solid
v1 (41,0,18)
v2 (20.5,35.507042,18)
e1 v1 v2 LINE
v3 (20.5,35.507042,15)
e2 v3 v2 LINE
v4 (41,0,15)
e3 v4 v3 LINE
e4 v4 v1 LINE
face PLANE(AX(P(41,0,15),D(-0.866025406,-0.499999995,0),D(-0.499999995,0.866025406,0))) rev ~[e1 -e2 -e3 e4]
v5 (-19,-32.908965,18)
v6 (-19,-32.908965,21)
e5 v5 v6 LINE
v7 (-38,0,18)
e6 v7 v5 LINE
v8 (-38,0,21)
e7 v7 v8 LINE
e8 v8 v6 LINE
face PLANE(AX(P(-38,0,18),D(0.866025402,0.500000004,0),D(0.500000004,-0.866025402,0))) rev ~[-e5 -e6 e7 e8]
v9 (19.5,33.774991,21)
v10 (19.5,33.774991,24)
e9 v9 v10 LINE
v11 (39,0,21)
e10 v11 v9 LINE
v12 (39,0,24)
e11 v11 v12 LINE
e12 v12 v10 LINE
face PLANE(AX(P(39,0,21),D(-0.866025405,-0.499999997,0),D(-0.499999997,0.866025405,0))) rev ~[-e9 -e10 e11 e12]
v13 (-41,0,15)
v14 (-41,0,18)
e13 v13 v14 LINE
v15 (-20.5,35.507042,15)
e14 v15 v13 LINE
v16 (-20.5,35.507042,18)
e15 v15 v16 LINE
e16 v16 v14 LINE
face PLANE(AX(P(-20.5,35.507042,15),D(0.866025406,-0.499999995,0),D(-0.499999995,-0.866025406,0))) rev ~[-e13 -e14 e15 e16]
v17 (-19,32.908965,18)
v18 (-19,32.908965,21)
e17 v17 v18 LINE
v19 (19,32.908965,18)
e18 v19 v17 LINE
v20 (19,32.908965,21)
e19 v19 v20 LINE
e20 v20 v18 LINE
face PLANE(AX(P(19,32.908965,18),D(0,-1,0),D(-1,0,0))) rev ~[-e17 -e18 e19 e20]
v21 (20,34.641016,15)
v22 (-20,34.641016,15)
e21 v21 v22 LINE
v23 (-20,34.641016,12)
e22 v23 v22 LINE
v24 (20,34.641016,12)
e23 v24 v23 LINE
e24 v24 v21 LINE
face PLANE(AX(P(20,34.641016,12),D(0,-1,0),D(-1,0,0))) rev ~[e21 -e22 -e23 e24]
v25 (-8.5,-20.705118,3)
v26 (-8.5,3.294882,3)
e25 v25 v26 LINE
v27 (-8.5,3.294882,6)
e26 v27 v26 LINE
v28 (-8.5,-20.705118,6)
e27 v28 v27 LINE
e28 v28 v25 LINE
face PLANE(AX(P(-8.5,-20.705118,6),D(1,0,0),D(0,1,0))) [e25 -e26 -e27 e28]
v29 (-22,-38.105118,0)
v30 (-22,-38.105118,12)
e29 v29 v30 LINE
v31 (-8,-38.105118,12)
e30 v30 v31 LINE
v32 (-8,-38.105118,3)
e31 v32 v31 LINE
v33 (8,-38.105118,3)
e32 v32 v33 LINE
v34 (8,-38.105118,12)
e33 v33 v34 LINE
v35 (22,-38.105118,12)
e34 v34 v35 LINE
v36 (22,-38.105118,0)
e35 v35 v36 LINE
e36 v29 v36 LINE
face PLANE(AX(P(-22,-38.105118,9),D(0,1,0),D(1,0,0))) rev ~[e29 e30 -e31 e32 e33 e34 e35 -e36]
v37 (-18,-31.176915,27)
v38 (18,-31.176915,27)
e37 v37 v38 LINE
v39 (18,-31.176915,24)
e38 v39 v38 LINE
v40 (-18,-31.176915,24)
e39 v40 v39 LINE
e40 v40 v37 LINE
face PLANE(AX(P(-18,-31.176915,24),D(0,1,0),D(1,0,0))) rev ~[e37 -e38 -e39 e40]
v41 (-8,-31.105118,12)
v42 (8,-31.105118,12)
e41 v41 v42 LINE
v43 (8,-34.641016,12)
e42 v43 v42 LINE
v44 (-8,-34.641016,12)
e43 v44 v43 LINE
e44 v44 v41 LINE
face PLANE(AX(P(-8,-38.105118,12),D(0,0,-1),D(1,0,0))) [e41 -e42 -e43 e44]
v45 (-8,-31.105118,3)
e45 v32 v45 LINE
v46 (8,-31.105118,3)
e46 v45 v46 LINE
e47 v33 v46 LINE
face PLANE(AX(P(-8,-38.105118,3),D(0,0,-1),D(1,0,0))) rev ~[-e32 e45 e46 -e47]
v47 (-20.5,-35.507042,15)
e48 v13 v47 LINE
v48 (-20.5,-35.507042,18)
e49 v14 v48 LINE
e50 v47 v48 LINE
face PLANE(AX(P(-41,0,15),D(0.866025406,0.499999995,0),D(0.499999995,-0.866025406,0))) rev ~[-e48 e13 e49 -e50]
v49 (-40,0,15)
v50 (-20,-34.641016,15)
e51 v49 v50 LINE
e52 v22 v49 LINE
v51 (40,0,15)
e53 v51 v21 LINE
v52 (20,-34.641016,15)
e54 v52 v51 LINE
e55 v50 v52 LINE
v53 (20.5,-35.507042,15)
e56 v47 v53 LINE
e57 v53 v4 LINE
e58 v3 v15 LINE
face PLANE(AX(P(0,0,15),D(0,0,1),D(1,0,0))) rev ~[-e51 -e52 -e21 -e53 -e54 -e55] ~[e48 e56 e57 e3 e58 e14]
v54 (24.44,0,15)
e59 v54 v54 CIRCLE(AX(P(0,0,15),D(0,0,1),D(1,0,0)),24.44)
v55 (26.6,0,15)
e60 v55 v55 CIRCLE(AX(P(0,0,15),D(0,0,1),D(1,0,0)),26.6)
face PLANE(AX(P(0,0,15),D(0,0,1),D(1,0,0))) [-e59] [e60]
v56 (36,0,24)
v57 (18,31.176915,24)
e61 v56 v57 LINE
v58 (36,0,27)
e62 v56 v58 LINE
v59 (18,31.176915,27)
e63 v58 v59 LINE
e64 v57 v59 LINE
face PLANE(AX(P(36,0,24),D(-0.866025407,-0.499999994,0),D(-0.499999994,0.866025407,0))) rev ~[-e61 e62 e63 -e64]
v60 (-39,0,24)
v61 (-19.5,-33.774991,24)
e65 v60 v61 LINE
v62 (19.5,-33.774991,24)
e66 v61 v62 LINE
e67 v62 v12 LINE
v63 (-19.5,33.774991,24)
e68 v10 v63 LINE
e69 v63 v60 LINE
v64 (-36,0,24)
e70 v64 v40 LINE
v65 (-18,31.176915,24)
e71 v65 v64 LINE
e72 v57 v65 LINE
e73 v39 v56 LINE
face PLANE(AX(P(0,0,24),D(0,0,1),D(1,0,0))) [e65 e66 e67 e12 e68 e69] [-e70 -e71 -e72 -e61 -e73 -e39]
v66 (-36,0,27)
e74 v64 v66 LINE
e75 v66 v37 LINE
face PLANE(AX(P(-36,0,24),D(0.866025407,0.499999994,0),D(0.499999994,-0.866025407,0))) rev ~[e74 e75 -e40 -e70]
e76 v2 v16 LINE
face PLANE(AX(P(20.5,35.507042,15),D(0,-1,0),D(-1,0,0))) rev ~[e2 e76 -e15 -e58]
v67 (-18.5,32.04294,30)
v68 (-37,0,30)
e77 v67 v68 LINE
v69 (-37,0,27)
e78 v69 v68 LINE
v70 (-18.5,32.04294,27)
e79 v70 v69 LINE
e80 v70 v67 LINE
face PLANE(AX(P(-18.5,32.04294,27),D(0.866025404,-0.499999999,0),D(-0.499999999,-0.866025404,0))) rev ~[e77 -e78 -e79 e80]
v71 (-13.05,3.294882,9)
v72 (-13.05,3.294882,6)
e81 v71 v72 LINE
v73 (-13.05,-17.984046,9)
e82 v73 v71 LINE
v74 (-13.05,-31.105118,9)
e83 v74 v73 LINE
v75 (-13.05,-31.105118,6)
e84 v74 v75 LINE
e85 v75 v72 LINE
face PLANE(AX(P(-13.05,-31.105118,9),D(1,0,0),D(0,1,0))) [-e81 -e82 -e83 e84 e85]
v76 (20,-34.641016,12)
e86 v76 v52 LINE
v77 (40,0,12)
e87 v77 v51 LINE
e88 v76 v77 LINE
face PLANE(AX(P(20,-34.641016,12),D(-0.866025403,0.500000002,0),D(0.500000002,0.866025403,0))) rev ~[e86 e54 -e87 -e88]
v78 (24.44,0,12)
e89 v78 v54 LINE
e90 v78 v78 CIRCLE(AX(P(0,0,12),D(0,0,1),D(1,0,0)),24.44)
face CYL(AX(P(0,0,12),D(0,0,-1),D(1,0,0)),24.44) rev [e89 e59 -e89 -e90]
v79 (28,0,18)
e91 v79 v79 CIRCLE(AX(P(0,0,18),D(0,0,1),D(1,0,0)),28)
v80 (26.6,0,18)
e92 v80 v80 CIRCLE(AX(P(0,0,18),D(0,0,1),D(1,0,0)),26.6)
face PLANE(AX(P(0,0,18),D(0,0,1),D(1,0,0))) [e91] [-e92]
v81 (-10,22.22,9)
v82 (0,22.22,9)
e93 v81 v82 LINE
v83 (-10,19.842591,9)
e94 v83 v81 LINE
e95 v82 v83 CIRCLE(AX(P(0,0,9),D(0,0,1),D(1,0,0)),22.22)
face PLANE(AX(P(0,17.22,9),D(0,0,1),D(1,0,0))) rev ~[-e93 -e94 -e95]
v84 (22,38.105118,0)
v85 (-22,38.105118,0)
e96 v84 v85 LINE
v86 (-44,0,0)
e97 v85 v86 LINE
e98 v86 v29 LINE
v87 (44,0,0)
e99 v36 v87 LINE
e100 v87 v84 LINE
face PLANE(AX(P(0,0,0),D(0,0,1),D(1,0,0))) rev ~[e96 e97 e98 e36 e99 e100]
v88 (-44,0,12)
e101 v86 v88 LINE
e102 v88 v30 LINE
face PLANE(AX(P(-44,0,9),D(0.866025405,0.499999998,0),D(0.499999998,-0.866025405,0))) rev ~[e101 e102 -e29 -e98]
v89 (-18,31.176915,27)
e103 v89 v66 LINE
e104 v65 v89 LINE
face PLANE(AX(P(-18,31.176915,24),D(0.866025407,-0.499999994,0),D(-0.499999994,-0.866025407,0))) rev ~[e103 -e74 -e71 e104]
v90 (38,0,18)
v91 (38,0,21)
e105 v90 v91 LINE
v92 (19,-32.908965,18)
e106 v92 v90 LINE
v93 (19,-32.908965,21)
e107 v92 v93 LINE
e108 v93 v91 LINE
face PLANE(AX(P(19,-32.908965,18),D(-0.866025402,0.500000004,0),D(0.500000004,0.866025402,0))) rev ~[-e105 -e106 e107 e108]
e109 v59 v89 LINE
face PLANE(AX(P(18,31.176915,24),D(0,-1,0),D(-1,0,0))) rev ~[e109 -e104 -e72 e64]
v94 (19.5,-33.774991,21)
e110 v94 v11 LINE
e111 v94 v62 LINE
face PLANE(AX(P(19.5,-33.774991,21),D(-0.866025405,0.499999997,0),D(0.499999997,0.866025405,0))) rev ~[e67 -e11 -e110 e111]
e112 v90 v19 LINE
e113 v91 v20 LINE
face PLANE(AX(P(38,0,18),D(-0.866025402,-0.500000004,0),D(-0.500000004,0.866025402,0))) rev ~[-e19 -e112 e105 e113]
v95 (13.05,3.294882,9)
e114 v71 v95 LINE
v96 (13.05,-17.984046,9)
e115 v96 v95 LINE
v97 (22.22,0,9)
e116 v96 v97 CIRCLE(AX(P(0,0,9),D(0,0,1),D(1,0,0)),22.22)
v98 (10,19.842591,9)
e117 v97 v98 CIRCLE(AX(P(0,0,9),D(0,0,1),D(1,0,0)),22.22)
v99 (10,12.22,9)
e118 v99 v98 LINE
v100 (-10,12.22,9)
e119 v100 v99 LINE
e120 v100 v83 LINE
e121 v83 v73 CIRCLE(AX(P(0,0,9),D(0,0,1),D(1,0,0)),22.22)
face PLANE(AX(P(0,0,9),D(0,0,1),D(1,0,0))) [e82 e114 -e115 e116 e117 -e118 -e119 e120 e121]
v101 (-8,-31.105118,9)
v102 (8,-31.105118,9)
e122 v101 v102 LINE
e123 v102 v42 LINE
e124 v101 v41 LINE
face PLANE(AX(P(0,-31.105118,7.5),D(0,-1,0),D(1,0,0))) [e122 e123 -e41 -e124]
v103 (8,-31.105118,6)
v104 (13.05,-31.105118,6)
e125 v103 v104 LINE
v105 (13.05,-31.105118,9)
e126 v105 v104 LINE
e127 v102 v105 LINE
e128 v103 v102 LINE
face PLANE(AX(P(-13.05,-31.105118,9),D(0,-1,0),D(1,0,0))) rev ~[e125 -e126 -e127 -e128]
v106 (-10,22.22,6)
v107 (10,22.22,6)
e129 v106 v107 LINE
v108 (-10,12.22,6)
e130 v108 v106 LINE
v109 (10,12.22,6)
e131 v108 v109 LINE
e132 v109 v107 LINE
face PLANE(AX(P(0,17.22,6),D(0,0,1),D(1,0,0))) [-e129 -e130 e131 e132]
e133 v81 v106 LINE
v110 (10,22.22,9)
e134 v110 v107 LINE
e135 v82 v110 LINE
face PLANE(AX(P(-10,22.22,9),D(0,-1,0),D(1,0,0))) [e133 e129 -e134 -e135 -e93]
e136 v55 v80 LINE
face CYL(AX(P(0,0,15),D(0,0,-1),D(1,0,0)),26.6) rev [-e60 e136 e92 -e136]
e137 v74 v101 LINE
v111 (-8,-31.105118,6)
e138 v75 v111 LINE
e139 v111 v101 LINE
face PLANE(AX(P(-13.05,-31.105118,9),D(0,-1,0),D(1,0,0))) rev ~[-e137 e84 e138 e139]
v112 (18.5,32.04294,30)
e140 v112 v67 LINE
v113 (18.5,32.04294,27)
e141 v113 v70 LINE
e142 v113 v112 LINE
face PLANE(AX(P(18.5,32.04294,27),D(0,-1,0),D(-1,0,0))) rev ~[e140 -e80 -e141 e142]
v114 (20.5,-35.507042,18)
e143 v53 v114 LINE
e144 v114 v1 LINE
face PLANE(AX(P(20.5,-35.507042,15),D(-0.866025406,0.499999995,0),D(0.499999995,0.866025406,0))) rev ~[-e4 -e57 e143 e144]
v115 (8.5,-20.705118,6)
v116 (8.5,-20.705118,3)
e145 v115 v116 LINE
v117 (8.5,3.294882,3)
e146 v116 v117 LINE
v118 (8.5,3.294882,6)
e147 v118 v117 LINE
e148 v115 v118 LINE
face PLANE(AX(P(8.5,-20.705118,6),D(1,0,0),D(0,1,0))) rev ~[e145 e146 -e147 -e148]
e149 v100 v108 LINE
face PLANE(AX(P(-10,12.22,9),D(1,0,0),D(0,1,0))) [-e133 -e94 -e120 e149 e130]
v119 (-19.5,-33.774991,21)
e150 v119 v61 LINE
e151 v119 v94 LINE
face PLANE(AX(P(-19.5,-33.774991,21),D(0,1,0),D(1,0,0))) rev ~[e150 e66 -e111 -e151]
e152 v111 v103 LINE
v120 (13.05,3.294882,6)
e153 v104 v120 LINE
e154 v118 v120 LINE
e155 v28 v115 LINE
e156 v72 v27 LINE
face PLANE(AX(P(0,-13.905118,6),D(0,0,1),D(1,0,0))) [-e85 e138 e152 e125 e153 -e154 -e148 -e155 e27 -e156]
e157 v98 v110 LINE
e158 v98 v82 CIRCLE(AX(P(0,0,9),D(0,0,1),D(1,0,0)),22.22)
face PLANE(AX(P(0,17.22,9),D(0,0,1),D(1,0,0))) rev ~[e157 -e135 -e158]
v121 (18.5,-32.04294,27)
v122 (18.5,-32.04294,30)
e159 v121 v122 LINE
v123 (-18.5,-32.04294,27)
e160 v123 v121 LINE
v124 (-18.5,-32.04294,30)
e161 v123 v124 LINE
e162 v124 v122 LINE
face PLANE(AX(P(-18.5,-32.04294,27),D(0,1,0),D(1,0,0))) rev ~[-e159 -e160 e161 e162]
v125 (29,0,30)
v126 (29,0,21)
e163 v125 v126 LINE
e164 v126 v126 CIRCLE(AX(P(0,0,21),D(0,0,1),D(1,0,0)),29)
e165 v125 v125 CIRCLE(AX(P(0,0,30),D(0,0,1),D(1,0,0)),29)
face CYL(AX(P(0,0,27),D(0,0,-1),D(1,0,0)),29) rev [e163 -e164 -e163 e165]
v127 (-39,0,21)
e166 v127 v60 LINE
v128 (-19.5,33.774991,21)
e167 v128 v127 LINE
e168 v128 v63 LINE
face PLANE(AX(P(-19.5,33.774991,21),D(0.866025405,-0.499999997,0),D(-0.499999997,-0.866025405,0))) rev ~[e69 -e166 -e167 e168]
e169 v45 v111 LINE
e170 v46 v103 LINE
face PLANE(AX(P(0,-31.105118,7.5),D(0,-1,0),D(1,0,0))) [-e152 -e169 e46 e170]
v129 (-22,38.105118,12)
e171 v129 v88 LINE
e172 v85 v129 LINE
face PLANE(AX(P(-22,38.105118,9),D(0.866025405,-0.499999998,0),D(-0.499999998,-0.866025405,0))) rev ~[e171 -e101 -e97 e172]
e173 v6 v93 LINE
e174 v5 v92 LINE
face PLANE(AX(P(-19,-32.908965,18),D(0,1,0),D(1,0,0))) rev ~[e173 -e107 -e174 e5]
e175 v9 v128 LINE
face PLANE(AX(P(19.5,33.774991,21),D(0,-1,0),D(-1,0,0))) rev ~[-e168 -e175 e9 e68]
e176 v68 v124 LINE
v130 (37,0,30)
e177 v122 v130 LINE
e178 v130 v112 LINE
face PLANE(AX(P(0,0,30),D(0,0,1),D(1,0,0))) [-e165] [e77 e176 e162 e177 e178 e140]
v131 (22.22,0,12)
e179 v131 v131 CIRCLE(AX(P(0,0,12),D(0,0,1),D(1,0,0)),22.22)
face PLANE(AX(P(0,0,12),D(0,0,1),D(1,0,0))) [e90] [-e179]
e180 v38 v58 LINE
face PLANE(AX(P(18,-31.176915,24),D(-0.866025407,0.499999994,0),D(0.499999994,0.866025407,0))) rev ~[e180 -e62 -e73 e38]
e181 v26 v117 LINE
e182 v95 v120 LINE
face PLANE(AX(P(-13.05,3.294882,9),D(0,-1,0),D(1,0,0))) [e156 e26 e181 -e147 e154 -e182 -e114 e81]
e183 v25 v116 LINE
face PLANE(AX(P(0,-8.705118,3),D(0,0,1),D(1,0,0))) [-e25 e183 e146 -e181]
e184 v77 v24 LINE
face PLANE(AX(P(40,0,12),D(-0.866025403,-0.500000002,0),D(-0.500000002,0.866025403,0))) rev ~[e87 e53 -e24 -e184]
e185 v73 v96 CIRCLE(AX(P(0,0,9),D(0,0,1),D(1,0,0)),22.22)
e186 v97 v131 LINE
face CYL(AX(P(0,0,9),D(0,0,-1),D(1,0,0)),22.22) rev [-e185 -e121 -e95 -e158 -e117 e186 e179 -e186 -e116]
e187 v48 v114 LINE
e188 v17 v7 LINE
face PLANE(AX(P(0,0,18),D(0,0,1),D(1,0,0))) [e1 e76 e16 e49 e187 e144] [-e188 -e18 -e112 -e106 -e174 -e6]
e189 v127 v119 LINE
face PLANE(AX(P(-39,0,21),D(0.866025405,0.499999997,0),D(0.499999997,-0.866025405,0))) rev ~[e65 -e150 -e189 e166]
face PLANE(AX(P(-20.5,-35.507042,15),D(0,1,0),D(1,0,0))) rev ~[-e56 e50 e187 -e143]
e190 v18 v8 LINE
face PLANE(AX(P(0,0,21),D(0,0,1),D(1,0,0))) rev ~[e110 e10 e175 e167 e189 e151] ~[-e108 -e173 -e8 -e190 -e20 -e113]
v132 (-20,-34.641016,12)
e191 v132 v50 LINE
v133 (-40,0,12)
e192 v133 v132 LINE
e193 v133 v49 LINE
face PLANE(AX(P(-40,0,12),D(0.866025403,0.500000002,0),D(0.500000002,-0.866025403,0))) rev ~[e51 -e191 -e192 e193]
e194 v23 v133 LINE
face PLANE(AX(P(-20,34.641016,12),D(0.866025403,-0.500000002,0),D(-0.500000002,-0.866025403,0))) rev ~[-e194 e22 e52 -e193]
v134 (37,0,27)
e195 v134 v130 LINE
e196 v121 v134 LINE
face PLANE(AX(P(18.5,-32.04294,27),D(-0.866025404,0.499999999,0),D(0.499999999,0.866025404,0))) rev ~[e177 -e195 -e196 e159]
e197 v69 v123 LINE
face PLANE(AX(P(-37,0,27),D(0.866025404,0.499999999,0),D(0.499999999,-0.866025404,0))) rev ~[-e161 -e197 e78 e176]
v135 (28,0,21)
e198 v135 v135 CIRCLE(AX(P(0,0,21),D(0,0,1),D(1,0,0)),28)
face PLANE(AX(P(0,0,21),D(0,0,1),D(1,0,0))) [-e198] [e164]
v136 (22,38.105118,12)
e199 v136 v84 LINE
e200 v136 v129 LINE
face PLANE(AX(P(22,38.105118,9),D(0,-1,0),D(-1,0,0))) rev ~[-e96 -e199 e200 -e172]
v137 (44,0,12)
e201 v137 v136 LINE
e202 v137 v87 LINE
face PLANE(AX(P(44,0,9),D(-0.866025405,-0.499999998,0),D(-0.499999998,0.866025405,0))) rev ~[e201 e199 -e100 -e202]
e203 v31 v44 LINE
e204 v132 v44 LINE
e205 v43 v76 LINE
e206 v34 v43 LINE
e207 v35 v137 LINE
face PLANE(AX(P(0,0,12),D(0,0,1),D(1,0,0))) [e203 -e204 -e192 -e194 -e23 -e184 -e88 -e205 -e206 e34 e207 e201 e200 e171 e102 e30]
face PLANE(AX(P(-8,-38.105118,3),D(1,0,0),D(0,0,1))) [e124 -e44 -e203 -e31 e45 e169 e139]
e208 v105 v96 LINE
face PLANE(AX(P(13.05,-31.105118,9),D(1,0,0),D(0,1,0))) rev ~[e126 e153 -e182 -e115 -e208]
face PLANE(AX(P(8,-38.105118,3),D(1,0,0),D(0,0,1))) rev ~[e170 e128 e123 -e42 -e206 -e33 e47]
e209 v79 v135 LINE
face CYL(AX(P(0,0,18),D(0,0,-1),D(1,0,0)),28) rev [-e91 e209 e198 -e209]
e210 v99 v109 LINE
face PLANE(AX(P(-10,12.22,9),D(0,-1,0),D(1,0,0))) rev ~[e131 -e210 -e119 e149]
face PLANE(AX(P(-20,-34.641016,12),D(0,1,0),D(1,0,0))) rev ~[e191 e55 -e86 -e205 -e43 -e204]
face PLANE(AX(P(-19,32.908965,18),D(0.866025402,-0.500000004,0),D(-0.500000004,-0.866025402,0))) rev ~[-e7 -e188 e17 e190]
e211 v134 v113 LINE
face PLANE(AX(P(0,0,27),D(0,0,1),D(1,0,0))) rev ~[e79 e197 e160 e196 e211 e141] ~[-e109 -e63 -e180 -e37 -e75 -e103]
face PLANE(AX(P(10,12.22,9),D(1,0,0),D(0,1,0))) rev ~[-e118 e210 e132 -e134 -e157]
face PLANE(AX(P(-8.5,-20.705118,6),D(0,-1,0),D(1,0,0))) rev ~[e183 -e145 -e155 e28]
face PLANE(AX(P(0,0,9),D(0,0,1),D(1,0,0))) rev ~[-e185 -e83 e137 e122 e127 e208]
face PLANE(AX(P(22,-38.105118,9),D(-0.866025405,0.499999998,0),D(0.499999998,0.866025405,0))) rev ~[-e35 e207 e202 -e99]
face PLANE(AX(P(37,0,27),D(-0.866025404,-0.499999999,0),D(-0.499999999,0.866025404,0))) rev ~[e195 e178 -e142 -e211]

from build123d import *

# Parameters (mm, degrees)
PAD_DEPTH       = 9
SKETCH001_W     = 26.1
SKETCH001_H     = 34.4
POCKET_DEPTH    = 3
SKETCH002_R     = 22.22
PAD001_DEPTH    = 3
SKETCH003_R     = 24.44
PAD002_DEPTH    = 3
SKETCH004_R     = 26.6
PAD003_DEPTH    = 3
SKETCH005_R     = 28
PAD004_DEPTH    = 3
SKETCH006_R     = 29
PAD005_DEPTH    = 3
SKETCH007_R     = 29
PAD006_DEPTH    = 3
SKETCH008_R     = 29
PAD007_DEPTH    = 3
SKETCH009_W     = 17
SKETCH009_H     = 24
POCKET001_DEPTH = 3
SKETCH010_W     = 16
SKETCH010_H     = 9
POCKET002_DEPTH = 7
SKETCH011_W     = 20
SKETCH011_H     = 10
POCKET003_DEPTH = 3


with BuildPart() as part:
    # Sketch → Pad (new body)
    with BuildSketch(Plane.XY):
        Polygon((44, 0), (22, 38.105118), (-22, 38.105118), (-44, 0), (-22, -38.105118), (22, -38.105118), align=None)
    extrude(amount=PAD_DEPTH)

    # Sketch001 (on Face8 of Pad) → Pocket (cut)
    with BuildSketch(Plane.XY.offset(9)):
        with Locations((0, -13.905118)):
            Rectangle(SKETCH001_W, SKETCH001_H)
    extrude(amount=-POCKET_DEPTH, mode=Mode.SUBTRACT)

    # Sketch002 (on Face5 of Pocket) → Pad001 (join)
    with BuildSketch(Plane.XY.offset(9)):
        Polygon((22, 38.105118), (-22, 38.105118), (-44, 0), (-22, -38.105118), (22, -38.105118), (44, 0), align=None)
        Circle(SKETCH002_R, mode=Mode.SUBTRACT)
    extrude(amount=PAD001_DEPTH)

    # Sketch003 (on Face14 of Pad001) → Pad002 (join)
    with BuildSketch(Plane.XY.offset(12)):
        Polygon((40, 0), (20, 34.641016), (-20, 34.641016), (-40, 0), (-20, -34.641016), (20, -34.641016), align=None)
        Circle(SKETCH003_R, mode=Mode.SUBTRACT)
    extrude(amount=PAD002_DEPTH)

    # Sketch004 (on Face21 of Pad002) → Pad003 (join)
    with BuildSketch(Plane.XY.offset(15)):
        Polygon((41, 0), (20.5, 35.507042), (-20.5, 35.507042), (-41, 0), (-20.5, -35.507042), (20.5, -35.507042), align=None)
        Circle(SKETCH004_R, mode=Mode.SUBTRACT)
    extrude(amount=PAD003_DEPTH)

    # Sketch005 (on Face28 of Pad003) → Pad004 (join)
    with BuildSketch(Plane.XY.offset(18)):
        Polygon((19, 32.908965), (-19, 32.908965), (-38, 0), (-19, -32.908965), (19, -32.908965), (38, 0), align=None)
        Circle(SKETCH005_R, mode=Mode.SUBTRACT)
    extrude(amount=PAD004_DEPTH)

    # Sketch006 (on Face35 of Pad004) → Pad005 (join)
    with BuildSketch(Plane.XY.offset(21)):
        Polygon((39, 0), (19.5, 33.774991), (-19.5, 33.774991), (-39, 0), (-19.5, -33.774991), (19.5, -33.774991), align=None)
        Circle(SKETCH006_R, mode=Mode.SUBTRACT)
    extrude(amount=PAD005_DEPTH)

    # Sketch007 (on Face42 of Pad005) → Pad006 (join)
    with BuildSketch(Plane.XY.offset(24)):
        Polygon((36, 0), (18, 31.176915), (-18, 31.176915), (-36, 0), (-18, -31.176915), (18, -31.176915), align=None)
        Circle(SKETCH007_R, mode=Mode.SUBTRACT)
    extrude(amount=PAD006_DEPTH)

    # Sketch008 (on Face49 of Pad006) → Pad007 (join)
    with BuildSketch(Plane.XY.offset(27)):
        Polygon((37, 0), (18.5, 32.04294), (-18.5, 32.04294), (-37, 0), (-18.5, -32.04294), (18.5, -32.04294), align=None)
        Circle(SKETCH008_R, mode=Mode.SUBTRACT)
    extrude(amount=PAD007_DEPTH)

    # Sketch009 (on Face74 of Pad007) → Pocket001 (cut)
    with BuildSketch(Plane.XY.offset(6)):
        with Locations((0, -8.705118)):
            Rectangle(SKETCH009_W, SKETCH009_H)
    extrude(amount=-POCKET001_DEPTH, mode=Mode.SUBTRACT)

    # Sketch010 (on Face12 of Pocket001) → Pocket002 (cut)
    with BuildSketch(Plane.XZ.offset(38.105118)):
        with Locations((0, 7.5)):
            Rectangle(SKETCH010_W, SKETCH010_H)
    extrude(amount=-POCKET002_DEPTH, mode=Mode.SUBTRACT)

    # Sketch011 (on Face40 of Pocket002) → Pocket003 (cut)
    with BuildSketch(Plane.XY.offset(9)):
        with Locations((0, 17.22)):
            Rectangle(SKETCH011_W, SKETCH011_H)
    extrude(amount=-POCKET003_DEPTH, mode=Mode.SUBTRACT)


solid = part.part
